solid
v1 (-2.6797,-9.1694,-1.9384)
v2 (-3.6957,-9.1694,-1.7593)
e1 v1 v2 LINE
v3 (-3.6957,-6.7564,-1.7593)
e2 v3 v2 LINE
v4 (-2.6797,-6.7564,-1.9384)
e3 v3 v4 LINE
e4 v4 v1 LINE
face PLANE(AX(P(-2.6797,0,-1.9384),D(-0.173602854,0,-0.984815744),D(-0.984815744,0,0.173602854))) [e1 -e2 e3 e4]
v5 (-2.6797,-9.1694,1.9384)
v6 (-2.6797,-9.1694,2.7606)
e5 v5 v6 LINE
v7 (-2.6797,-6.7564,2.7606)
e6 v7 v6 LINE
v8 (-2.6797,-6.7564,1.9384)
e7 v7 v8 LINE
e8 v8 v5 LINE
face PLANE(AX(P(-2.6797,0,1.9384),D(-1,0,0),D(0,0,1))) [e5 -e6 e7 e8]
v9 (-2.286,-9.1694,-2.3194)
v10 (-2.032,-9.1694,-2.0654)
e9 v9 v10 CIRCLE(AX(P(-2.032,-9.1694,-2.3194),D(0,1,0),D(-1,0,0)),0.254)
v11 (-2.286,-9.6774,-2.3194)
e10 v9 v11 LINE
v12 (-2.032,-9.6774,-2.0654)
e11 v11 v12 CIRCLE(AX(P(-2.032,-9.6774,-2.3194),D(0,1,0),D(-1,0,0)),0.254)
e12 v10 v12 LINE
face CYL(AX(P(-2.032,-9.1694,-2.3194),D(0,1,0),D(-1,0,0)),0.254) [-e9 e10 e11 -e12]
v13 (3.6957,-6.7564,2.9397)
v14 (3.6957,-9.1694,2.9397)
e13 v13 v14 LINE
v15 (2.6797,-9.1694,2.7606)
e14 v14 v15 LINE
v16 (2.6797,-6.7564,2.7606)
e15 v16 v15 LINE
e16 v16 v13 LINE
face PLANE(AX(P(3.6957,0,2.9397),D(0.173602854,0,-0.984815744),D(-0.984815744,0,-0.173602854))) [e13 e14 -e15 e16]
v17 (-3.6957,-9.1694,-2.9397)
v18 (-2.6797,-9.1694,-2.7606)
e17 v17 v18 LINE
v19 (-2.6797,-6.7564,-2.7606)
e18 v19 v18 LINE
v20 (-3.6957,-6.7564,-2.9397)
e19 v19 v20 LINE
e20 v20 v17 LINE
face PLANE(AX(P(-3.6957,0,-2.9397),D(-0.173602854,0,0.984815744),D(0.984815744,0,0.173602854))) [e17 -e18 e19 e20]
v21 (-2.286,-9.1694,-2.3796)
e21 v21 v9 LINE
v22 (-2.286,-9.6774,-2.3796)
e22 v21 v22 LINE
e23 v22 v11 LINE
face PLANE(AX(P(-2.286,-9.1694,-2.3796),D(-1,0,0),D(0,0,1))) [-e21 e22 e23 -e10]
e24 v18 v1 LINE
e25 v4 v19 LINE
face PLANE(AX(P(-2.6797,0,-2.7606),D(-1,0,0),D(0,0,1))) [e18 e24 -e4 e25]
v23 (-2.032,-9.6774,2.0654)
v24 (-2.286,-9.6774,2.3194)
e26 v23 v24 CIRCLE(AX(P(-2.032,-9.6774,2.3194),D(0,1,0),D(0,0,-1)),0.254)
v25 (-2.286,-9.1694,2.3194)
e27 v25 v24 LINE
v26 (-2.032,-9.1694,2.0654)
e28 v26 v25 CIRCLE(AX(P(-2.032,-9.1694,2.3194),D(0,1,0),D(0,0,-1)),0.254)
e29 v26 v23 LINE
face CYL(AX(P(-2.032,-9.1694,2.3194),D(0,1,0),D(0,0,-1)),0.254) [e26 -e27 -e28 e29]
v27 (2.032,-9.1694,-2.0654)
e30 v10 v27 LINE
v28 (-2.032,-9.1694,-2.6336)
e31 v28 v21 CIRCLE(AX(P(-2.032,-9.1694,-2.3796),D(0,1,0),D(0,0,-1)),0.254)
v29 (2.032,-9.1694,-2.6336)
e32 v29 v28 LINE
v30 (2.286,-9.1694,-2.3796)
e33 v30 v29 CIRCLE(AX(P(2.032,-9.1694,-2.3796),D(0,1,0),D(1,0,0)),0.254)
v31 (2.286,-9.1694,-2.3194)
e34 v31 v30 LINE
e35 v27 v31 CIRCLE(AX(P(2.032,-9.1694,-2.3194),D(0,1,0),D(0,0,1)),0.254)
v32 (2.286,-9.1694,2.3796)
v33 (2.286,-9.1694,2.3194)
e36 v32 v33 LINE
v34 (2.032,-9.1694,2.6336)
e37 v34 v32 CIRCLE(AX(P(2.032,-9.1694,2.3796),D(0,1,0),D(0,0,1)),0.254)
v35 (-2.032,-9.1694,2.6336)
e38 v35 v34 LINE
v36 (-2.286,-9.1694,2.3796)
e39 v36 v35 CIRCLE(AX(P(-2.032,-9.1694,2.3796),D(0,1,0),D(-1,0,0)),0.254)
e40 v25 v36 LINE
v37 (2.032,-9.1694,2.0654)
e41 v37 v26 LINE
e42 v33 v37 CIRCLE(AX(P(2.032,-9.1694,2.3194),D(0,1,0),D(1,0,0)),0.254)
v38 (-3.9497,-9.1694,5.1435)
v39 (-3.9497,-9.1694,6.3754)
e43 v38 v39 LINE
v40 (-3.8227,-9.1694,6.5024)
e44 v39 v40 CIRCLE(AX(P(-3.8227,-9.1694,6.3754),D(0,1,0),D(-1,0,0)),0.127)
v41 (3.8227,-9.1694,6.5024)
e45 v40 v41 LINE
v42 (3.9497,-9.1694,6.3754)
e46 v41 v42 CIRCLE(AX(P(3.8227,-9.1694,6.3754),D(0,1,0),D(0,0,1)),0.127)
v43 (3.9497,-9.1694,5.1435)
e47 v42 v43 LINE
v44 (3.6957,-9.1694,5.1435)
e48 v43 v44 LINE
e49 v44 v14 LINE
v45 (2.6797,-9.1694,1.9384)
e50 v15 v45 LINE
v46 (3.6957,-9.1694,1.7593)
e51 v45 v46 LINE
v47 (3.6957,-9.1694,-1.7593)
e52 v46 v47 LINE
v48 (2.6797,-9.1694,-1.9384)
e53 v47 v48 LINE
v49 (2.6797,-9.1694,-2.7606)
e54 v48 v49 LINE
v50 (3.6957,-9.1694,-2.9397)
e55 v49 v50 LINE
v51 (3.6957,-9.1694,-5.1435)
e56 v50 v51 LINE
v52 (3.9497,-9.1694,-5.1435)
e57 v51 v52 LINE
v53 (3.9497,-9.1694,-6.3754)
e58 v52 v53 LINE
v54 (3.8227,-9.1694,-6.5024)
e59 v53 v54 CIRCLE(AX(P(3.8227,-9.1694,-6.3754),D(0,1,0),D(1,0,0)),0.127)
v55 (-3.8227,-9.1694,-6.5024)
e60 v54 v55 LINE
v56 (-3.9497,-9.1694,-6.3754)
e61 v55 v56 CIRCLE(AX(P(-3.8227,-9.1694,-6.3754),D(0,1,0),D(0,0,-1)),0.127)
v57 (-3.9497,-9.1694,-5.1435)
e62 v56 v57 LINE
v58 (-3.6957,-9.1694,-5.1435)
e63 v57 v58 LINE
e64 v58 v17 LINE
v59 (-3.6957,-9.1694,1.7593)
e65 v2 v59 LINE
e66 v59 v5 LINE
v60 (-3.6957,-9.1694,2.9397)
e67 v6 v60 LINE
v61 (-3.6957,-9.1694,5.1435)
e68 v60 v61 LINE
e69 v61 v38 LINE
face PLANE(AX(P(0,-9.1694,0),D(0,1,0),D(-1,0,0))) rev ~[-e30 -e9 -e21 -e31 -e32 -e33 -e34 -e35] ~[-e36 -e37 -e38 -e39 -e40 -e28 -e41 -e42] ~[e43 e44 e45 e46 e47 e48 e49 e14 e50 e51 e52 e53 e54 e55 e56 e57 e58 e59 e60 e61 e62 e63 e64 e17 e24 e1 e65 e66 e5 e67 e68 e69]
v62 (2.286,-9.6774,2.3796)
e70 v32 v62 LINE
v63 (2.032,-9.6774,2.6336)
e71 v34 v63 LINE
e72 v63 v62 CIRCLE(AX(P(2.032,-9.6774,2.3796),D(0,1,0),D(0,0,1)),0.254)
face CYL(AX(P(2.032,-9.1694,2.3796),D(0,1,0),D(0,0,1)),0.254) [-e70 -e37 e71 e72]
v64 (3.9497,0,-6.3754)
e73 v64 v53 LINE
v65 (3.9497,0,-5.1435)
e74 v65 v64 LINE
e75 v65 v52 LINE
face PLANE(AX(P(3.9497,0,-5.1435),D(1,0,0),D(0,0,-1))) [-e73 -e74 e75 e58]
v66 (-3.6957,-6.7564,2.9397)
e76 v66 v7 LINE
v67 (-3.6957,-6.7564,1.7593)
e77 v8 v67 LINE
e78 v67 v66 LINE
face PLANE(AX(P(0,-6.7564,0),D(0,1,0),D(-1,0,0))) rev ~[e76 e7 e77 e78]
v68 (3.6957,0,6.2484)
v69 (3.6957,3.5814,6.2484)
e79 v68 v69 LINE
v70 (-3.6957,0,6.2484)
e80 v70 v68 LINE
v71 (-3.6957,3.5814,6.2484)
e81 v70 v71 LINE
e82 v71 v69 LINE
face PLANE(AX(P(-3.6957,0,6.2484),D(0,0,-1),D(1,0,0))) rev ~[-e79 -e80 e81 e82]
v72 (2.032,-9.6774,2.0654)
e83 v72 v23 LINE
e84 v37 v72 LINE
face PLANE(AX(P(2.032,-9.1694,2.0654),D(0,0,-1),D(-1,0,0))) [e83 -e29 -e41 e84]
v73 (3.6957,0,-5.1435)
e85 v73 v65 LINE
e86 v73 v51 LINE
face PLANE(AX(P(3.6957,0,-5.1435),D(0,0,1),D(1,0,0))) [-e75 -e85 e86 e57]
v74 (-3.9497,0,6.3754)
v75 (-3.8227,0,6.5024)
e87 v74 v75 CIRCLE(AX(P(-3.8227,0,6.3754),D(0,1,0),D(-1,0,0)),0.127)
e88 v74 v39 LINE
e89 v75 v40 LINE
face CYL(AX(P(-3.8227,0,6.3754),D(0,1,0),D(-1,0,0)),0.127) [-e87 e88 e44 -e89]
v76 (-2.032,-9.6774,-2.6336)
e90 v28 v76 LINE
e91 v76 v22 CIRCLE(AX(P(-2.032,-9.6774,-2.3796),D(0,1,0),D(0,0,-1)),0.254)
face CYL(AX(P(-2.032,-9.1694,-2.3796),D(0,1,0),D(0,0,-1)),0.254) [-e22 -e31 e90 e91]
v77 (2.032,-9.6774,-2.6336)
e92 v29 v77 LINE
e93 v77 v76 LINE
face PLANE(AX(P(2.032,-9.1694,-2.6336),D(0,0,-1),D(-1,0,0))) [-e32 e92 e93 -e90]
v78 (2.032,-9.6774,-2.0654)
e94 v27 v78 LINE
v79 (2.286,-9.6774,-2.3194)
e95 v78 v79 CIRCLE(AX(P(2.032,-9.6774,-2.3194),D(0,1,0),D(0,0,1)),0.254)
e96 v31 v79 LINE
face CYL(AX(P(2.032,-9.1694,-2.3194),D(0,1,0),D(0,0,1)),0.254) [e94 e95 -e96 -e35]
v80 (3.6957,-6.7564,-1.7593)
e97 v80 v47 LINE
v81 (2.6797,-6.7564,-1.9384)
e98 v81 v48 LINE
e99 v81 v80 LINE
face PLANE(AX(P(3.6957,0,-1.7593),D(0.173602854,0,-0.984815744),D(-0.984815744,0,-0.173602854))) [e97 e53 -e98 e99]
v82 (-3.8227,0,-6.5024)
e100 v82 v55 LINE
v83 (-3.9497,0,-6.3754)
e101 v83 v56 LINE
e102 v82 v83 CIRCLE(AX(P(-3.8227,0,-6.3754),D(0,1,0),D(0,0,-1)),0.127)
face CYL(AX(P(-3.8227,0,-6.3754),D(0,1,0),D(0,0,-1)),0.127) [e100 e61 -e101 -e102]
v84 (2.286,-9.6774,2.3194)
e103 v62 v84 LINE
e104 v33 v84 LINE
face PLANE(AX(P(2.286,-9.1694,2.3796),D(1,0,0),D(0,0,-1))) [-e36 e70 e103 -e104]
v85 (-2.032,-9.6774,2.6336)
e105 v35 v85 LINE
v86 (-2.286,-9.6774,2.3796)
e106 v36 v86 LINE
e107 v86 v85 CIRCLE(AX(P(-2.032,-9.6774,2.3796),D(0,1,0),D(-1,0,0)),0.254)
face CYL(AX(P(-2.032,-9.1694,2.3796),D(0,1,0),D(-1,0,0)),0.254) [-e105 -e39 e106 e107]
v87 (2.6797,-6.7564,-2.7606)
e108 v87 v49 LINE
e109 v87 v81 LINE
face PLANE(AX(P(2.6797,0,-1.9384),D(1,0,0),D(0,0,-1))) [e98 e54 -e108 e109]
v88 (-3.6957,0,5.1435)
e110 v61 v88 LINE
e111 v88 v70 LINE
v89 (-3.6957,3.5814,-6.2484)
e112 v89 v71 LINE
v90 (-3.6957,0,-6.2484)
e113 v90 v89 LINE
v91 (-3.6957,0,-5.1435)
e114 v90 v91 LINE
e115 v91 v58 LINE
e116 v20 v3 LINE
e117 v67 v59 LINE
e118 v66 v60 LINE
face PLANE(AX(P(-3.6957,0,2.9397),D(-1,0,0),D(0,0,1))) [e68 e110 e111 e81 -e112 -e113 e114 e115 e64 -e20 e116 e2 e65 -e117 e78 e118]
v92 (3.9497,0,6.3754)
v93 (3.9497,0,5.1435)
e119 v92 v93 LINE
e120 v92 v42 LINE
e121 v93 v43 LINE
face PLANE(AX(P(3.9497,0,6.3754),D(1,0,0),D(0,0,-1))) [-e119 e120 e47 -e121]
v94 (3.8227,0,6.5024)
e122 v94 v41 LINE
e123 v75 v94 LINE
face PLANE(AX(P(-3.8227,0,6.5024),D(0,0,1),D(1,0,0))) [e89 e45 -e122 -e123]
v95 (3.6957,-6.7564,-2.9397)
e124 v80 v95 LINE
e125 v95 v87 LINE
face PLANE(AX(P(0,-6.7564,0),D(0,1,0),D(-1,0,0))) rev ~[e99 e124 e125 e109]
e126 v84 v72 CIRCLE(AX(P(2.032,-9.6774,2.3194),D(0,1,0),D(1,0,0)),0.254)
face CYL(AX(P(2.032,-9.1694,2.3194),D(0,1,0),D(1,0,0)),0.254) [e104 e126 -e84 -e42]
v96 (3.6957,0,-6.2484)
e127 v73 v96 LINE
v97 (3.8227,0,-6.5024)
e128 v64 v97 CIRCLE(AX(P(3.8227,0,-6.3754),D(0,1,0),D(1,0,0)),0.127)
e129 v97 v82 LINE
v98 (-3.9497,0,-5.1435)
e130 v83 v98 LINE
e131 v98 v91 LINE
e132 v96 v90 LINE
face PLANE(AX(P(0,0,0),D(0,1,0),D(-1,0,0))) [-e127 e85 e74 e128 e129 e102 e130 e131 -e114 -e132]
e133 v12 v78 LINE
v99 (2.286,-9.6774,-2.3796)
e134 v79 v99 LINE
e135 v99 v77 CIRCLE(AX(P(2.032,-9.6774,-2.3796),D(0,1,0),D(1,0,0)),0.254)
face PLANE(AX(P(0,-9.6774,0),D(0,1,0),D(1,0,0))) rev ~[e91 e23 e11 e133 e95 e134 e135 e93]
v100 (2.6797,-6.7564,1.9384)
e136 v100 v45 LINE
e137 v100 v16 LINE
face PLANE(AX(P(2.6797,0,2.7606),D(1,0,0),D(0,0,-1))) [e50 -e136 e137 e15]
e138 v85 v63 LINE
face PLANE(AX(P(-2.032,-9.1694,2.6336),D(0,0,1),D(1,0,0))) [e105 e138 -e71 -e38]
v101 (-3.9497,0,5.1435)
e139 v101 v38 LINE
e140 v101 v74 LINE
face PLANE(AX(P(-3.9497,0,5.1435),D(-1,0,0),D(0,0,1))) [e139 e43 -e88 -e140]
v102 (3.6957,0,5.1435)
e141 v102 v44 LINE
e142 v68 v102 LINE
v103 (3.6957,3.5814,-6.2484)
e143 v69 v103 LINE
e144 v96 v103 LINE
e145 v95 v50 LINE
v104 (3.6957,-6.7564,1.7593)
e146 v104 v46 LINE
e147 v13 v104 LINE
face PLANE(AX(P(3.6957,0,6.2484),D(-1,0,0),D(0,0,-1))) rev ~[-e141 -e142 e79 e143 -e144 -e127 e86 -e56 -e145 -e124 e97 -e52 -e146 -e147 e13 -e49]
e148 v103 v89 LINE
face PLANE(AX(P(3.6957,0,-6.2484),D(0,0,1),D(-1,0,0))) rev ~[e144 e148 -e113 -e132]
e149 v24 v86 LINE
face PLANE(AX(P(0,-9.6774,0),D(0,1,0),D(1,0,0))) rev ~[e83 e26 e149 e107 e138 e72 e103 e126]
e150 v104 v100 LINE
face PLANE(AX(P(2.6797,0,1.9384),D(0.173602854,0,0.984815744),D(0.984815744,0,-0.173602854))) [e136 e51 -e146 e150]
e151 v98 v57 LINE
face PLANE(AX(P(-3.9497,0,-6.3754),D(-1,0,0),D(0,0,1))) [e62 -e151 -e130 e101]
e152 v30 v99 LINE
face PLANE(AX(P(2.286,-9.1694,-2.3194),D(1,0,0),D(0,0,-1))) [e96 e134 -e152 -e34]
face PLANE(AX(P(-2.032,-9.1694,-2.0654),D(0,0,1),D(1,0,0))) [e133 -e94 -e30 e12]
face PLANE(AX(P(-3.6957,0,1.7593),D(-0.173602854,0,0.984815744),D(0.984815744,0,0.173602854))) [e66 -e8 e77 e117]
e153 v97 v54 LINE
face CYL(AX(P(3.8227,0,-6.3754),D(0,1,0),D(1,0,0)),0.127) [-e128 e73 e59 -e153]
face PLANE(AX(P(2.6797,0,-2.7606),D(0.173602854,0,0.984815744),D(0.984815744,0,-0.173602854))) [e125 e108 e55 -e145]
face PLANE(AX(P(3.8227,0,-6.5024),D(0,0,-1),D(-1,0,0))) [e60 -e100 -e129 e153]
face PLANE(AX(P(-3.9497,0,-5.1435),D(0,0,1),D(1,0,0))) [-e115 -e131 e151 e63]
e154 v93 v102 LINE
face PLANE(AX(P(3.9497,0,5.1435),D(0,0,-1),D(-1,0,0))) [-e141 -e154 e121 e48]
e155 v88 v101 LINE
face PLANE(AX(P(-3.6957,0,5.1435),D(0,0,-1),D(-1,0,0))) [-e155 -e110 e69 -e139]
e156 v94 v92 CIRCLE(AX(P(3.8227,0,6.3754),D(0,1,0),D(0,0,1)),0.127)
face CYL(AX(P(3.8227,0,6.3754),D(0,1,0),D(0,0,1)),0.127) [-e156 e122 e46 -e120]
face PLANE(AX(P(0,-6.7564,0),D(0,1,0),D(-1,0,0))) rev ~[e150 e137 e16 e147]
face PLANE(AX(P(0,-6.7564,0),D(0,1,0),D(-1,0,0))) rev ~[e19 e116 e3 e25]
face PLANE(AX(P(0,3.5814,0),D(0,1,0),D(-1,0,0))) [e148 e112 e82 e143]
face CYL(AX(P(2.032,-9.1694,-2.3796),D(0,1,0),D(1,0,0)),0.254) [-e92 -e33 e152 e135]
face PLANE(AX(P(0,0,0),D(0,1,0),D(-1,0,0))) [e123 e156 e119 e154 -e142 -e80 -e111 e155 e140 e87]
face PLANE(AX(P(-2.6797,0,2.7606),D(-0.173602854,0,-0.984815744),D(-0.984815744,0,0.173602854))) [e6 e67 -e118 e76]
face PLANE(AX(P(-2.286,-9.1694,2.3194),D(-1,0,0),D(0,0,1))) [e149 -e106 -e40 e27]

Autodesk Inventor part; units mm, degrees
sketch "Sketch_1" plane through (0, 0, 0) normal (0, 1, 0) x (-1, 0, 0)
  line L0 (3.9497, 5.1435) -> (3.9497, 6.3754)
  arc A0 (3.9497, 6.3754) -> (3.8227, 6.5024) centre (3.8227, 6.3754) ccw
  line L1 (3.8227, 6.5024) -> (-3.8227, 6.5024)
  arc A1 (-3.8227, 6.5024) -> (-3.9497, 6.3754) centre (-3.8227, 6.3754) ccw
  line L2 (-3.9497, 6.3754) -> (-3.9497, 5.1435)
  line L3 (-3.9497, 5.1435) -> (-3.6957, 5.1435)
  line L4 (-3.6957, 5.1435) -> (-3.6957, 2.9397)
  line L5 (-3.6957, 2.9397) -> (-2.6797, 2.7606)
  line L6 (-2.6797, 2.7606) -> (-2.6797, 1.9384)
  line L7 (-2.6797, 1.9384) -> (-3.6957, 1.7593)
  line L8 (-3.6957, 1.7593) -> (-3.6957, -1.7593)
  line L9 (-3.6957, -1.7593) -> (-2.6797, -1.9384)
  line L10 (-2.6797, -1.9384) -> (-2.6797, -2.7606)
  line L11 (-2.6797, -2.7606) -> (-3.6957, -2.9397)
  line L12 (-3.6957, -2.9397) -> (-3.6957, -5.1435)
  line L13 (-3.6957, -5.1435) -> (-3.9497, -5.1435)
  line L14 (-3.9497, -5.1435) -> (-3.9497, -6.3754)
  arc A2 (-3.9497, -6.3754) -> (-3.8227, -6.5024) centre (-3.8227, -6.3754) ccw
  line L15 (-3.8227, -6.5024) -> (3.8227, -6.5024)
  arc A3 (3.8227, -6.5024) -> (3.9497, -6.3754) centre (3.8227, -6.3754) ccw
  line L16 (3.9497, -6.3754) -> (3.9497, -5.1435)
  line L17 (3.9497, -5.1435) -> (3.6957, -5.1435)
  line L18 (3.6957, -5.1435) -> (3.6957, -2.9397)
  line L19 (3.6957, -2.9397) -> (2.6797, -2.7606)
  line L20 (2.6797, -2.7606) -> (2.6797, -1.9384)
  line L21 (2.6797, -1.9384) -> (3.6957, -1.7593)
  line L22 (3.6957, -1.7593) -> (3.6957, 1.7593)
  line L23 (3.6957, 1.7593) -> (2.6797, 1.9384)
  line L24 (2.6797, 1.9384) -> (2.6797, 2.7606)
  line L25 (2.6797, 2.7606) -> (3.6957, 2.9397)
  line L26 (3.6957, 2.9397) -> (3.6957, 5.1435)
  line L27 (3.6957, 5.1435) -> (3.9497, 5.1435)
extrude "Extrusion1" add sketch "Sketch_1" against normal blind 9.1694
sketch "Sketch_2" plane through (0, 0, 0) normal (0, 1, 0) x (-1, 0, 0)
  line L0 (3.6957, 6.2484) -> (-3.6957, 6.2484)
  line L1 (-3.6957, 6.2484) -> (-3.6957, -6.2484)
  line L2 (-3.6957, -6.2484) -> (3.6957, -6.2484)
  line L3 (3.6957, -6.2484) -> (3.6957, 6.2484)
extrude "Extrusion2" add sketch "Sketch_2" along normal blind 3.5814
sketch "Sketch_28" plane through (0, 0, 0) normal (0, 1, 0) x (-1, 0, 0)
  line L0 (3.6957, 6.2484) -> (-3.6957, 6.2484)
  line L1 (-3.6957, 6.2484) -> (-3.6957, -6.2484)
  line L2 (-3.6957, -6.2484) -> (3.6957, -6.2484)
  line L3 (3.6957, -6.2484) -> (3.6957, 6.2484)
extrude "Extrusion3" add sketch "Sketch_28" against normal blind 6.7564
sketch "Sketch_9" plane through (0, -9.1694, 0) normal (0, 1, 0) x (1, 0, 0)
  arc A0 (-2.286, 2.3194) -> (-2.032, 2.0654) centre (-2.032, 2.3194) ccw
  line L0 (-2.032, 2.0654) -> (2.032, 2.0654)
  arc A1 (2.032, 2.0654) -> (2.286, 2.3194) centre (2.032, 2.3194) ccw
  line L1 (2.286, 2.3194) -> (2.286, 2.3796)
  arc A2 (2.286, 2.3796) -> (2.032, 2.6336) centre (2.032, 2.3796) ccw
  line L2 (2.032, 2.6336) -> (-2.032, 2.6336)
  arc A3 (-2.032, 2.6336) -> (-2.286, 2.3796) centre (-2.032, 2.3796) ccw
  line L3 (-2.286, 2.3796) -> (-2.286, 2.3194)
extrude "Extrusion4" add sketch "Sketch_9" against normal blind 0.508
sketch "Sketch_10" plane through (0, -9.1694, 0) normal (0, 1, 0) x (1, 0, 0)
  line L0 (-2.286, -2.3194) -> (-2.286, -2.3796)
  arc A0 (-2.286, -2.3796) -> (-2.032, -2.6336) centre (-2.032, -2.3796) ccw
  line L1 (-2.032, -2.6336) -> (2.032, -2.6336)
  arc A1 (2.032, -2.6336) -> (2.286, -2.3796) centre (2.032, -2.3796) ccw
  line L2 (2.286, -2.3796) -> (2.286, -2.3194)
  arc A2 (2.286, -2.3194) -> (2.032, -2.0654) centre (2.032, -2.3194) ccw
  line L3 (2.032, -2.0654) -> (-2.032, -2.0654)
  arc A3 (-2.032, -2.0654) -> (-2.286, -2.3194) centre (-2.032, -2.3194) ccw
extrude "Extrusion5" add sketch "Sketch_10" against normal blind 0.508
ref_plane "to_bm_terminals_XY" through (0, -8.9154, 0) normal (0, -1, 0) x (1, 0, 0)
ref_plane "to_bm_terminals_YZ" through (0, -8.9154, 0) normal (1, 0, 0) x (0, 0, 1)
ref_plane "to_bm_terminals_ZX" through (0, -8.9154, 0) normal (0, 0, 1) x (0, -1, 0)
ref_plane "to_bodycover_XY" through (0, 3.5814, 0) normal (0, -1, 0) x (1, 0, 0)
ref_plane "to_bodycover_YZ" through (0, 3.5814, 0) normal (1, 0, 0) x (0, 0, 1)
ref_plane "to_bodycover_ZX" through (0, 3.5814, 0) normal (0, 0, 1) x (0, -1, 0)
ref_plane "to_dummy_XY" through (0, 0, 0) normal (0, -1, 0) x (1, 0, 0)
ref_plane "to_dummy_YZ" through (0, 0, 0) normal (1, 0, 0) x (0, 0, 1)
ref_plane "to_dummy_ZX" through (0, 0, 0) normal (0, 0, 1) x (0, -1, 0)
properties part number "MB2011-body"
